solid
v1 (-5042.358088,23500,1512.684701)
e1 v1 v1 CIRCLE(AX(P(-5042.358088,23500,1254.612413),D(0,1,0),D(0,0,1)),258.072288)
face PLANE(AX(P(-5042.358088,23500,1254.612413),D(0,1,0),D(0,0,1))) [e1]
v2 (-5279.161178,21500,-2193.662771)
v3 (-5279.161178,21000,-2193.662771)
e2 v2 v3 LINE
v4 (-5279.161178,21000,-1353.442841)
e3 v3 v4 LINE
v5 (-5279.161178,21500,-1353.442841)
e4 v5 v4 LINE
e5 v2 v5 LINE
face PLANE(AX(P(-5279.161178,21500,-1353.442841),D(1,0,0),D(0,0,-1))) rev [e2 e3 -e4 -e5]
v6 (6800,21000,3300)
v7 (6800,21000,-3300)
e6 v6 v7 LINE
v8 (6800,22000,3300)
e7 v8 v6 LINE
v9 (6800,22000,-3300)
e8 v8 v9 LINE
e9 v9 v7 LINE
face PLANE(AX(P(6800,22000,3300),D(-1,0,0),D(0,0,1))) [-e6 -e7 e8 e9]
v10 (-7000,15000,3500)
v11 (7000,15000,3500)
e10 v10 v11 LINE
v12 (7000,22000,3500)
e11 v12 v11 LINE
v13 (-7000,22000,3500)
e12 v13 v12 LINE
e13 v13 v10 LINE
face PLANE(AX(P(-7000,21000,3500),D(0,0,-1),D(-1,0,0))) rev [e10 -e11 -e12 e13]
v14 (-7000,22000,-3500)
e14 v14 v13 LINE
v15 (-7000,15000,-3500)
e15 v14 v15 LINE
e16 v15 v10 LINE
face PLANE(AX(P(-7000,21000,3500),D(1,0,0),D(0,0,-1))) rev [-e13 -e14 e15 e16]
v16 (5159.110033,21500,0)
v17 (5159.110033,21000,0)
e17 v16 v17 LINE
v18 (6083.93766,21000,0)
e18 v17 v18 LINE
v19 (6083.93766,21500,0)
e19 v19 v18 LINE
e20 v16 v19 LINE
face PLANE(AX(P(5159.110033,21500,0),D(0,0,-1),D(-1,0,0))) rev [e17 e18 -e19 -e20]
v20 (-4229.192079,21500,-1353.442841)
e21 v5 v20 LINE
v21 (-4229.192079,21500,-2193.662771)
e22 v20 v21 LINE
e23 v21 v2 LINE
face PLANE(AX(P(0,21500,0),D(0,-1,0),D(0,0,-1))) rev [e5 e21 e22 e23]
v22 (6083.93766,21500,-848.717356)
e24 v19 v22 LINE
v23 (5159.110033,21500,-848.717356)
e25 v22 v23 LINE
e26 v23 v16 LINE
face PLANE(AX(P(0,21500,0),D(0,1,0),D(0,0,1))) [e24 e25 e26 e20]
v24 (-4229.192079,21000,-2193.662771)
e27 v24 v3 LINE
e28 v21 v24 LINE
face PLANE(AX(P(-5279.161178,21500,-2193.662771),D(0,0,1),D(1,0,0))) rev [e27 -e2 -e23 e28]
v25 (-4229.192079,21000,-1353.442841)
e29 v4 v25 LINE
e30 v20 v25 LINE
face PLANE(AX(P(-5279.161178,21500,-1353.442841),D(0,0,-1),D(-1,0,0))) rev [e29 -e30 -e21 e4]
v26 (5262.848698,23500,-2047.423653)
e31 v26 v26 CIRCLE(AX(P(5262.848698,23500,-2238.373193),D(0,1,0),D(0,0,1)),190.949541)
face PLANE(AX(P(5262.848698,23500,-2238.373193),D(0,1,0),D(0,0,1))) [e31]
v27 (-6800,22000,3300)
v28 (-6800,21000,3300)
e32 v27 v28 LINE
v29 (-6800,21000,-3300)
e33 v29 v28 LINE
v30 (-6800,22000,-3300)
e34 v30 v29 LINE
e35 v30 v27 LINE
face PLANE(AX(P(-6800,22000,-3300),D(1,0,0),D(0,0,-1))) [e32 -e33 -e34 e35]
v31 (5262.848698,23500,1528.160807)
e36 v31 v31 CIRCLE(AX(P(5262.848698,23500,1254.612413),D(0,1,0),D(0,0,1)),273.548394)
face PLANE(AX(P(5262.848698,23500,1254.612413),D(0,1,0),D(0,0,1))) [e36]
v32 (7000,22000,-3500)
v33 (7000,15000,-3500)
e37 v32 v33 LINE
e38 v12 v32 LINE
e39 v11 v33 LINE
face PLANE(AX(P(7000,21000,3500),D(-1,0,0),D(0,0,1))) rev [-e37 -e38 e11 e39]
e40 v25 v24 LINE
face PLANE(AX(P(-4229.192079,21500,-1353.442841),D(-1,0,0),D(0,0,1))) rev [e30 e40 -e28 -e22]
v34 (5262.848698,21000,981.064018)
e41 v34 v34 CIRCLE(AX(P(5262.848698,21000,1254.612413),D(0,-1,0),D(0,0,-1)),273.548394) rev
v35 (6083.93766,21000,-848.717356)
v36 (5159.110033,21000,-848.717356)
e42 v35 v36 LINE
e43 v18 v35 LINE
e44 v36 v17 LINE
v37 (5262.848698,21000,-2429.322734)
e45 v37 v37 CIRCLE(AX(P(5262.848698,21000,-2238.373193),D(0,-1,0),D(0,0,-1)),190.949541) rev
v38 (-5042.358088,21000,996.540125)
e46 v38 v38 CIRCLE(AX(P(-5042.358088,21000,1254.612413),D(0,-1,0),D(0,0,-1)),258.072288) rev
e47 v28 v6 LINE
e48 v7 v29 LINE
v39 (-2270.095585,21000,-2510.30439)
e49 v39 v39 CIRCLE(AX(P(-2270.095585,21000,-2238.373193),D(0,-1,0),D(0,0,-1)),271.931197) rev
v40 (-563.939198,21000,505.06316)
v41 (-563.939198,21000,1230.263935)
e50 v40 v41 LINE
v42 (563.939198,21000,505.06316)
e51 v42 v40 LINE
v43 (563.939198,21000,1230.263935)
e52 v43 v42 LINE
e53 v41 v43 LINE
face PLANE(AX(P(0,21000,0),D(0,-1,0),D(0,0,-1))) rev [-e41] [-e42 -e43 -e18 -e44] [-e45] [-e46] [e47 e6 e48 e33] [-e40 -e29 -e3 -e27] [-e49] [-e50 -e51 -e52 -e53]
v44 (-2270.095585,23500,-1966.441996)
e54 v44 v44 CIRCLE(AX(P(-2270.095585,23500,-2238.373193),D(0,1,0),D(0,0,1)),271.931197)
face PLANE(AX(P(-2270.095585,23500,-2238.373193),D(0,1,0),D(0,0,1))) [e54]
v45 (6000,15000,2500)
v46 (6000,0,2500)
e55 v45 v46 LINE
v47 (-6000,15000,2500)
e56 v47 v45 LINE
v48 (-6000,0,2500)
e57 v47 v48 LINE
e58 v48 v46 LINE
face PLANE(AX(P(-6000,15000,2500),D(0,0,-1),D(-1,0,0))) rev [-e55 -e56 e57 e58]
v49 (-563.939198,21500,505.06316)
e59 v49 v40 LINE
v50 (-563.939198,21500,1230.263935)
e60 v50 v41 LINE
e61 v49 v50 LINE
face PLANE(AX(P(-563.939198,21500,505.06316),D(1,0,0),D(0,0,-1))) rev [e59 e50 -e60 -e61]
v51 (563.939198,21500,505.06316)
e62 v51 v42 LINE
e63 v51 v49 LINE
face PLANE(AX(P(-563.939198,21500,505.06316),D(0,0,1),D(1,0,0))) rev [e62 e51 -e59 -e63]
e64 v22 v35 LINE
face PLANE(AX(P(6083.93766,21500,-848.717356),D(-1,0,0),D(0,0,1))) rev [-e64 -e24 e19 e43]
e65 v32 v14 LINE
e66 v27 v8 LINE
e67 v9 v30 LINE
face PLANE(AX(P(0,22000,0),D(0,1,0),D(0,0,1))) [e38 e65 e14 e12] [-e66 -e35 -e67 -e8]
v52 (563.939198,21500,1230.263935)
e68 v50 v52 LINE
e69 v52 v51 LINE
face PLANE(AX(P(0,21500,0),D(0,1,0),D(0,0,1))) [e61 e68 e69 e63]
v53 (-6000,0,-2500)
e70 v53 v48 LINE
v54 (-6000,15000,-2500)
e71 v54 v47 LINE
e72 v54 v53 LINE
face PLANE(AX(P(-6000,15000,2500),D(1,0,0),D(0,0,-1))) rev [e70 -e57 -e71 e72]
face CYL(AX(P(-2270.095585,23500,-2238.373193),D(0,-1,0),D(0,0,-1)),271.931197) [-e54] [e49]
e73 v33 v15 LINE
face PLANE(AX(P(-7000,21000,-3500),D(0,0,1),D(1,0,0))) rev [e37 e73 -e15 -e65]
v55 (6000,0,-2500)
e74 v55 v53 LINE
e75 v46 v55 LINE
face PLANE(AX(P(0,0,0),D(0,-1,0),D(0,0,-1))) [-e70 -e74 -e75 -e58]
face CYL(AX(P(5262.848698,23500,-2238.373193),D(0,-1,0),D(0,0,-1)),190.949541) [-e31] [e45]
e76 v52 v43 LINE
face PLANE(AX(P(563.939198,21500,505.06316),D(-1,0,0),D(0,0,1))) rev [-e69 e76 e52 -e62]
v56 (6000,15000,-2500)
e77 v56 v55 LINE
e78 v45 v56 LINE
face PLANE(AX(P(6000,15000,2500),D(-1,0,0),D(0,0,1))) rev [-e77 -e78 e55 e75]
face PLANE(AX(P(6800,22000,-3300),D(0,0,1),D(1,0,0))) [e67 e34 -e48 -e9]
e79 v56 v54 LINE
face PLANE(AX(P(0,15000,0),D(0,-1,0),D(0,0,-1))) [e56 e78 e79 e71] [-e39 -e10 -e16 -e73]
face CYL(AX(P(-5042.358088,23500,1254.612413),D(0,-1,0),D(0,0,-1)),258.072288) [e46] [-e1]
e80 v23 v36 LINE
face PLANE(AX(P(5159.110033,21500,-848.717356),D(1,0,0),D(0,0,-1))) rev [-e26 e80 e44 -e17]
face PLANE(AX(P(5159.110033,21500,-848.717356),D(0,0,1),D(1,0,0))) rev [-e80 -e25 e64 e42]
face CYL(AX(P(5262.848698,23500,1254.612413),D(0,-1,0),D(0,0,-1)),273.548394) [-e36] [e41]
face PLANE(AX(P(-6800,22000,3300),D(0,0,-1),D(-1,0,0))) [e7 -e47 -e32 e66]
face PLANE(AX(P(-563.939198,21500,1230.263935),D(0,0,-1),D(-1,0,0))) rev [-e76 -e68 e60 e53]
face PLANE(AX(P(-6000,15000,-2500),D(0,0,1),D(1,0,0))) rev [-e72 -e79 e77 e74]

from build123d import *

# Parameters (mm, degrees)
SKETCH1_W           = 12000
SKETCH1_H           = 5000
BOSS_EXTRUDE1_DEPTH = 15000
SKETCH2_W           = 14000
SKETCH2_H           = 7000
BOSS_EXTRUDE2_DEPTH = 6000
SKETCH3_W           = 14000
SKETCH3_H           = 7000
SKETCH3_W_2         = 13600
SKETCH3_H_2         = 6600
BOSS_EXTRUDE3_DEPTH = 1000
SKETCH4_W           = 1049.969098562
SKETCH4_H           = 840.219930543
SKETCH4_W_2         = 1127.878396032
SKETCH4_H_2         = 725.200774448
SKETCH4_W_3         = 924.827627364
SKETCH4_H_3         = 848.717356224
BOSS_EXTRUDE4_DEPTH = 500
SKETCH5_R           = 271.931197036
SKETCH5_R_2         = 273.548394489
SKETCH5_R_3         = 258.072287822
SKETCH5_R_4         = 190.94954072
BOSS_EXTRUDE5_DEPTH = 2500


with BuildPart() as part:
    # Sketch1 → Boss-Extrude1 (new body)
    with BuildSketch(Plane(origin=(0, 0, 0), x_dir=(1, 0, 0), z_dir=(0, 1, 0))):
        Rectangle(SKETCH1_W, SKETCH1_H)
    extrude(amount=BOSS_EXTRUDE1_DEPTH)

    # Sketch2 → Boss-Extrude2 (add)
    with BuildSketch(Plane(origin=(0, 15000, 0), x_dir=(1, 0, 0), z_dir=(0, 1, 0))):
        Rectangle(SKETCH2_W, SKETCH2_H)
    extrude(amount=BOSS_EXTRUDE2_DEPTH)

    # Sketch3 → Boss-Extrude3 (add)
    with BuildSketch(Plane(origin=(0, 21000, 0), x_dir=(1, 0, 0), z_dir=(0, 1, 0))):
        Rectangle(SKETCH3_W, SKETCH3_H)
        Rectangle(SKETCH3_W_2, SKETCH3_H_2, mode=Mode.SUBTRACT)
    extrude(amount=BOSS_EXTRUDE3_DEPTH)

    # Sketch4 → Boss-Extrude4 (add)
    with BuildSketch(Plane(origin=(0, 21000, 0), x_dir=(1, 0, 0), z_dir=(0, 1, 0))):
        with Locations((-4754.176628247, 1773.552806211)):
            Rectangle(SKETCH4_W, SKETCH4_H)
        with Locations((0, -867.663547302)):
            Rectangle(SKETCH4_W_2, SKETCH4_H_2)
        with Locations((5621.523846524, 424.358678112)):
            Rectangle(SKETCH4_W_3, SKETCH4_H_3)
    extrude(amount=BOSS_EXTRUDE4_DEPTH)

    # Sketch5 → Boss-Extrude5 (add)
    with BuildSketch(Plane(origin=(0, 21000, 0), x_dir=(1, 0, 0), z_dir=(0, 1, 0))):
        with Locations(Location((-2270.095584956, 2238.373193315, 0), (0, 0, 90))):
            Circle(SKETCH5_R)
        with Locations(Location((5262.848698071, -1254.612412688, 0), (0, 0, 90))):
            Circle(SKETCH5_R_2)
        with Locations(Location((-5042.358088057, -1254.612412688, 0), (0, 0, 90))):
            Circle(SKETCH5_R_3)
        with Locations(Location((5262.848698071, 2238.373193315, 0), (0, 0, 90))):
            Circle(SKETCH5_R_4)
    extrude(amount=BOSS_EXTRUDE5_DEPTH)


solid = part.part
